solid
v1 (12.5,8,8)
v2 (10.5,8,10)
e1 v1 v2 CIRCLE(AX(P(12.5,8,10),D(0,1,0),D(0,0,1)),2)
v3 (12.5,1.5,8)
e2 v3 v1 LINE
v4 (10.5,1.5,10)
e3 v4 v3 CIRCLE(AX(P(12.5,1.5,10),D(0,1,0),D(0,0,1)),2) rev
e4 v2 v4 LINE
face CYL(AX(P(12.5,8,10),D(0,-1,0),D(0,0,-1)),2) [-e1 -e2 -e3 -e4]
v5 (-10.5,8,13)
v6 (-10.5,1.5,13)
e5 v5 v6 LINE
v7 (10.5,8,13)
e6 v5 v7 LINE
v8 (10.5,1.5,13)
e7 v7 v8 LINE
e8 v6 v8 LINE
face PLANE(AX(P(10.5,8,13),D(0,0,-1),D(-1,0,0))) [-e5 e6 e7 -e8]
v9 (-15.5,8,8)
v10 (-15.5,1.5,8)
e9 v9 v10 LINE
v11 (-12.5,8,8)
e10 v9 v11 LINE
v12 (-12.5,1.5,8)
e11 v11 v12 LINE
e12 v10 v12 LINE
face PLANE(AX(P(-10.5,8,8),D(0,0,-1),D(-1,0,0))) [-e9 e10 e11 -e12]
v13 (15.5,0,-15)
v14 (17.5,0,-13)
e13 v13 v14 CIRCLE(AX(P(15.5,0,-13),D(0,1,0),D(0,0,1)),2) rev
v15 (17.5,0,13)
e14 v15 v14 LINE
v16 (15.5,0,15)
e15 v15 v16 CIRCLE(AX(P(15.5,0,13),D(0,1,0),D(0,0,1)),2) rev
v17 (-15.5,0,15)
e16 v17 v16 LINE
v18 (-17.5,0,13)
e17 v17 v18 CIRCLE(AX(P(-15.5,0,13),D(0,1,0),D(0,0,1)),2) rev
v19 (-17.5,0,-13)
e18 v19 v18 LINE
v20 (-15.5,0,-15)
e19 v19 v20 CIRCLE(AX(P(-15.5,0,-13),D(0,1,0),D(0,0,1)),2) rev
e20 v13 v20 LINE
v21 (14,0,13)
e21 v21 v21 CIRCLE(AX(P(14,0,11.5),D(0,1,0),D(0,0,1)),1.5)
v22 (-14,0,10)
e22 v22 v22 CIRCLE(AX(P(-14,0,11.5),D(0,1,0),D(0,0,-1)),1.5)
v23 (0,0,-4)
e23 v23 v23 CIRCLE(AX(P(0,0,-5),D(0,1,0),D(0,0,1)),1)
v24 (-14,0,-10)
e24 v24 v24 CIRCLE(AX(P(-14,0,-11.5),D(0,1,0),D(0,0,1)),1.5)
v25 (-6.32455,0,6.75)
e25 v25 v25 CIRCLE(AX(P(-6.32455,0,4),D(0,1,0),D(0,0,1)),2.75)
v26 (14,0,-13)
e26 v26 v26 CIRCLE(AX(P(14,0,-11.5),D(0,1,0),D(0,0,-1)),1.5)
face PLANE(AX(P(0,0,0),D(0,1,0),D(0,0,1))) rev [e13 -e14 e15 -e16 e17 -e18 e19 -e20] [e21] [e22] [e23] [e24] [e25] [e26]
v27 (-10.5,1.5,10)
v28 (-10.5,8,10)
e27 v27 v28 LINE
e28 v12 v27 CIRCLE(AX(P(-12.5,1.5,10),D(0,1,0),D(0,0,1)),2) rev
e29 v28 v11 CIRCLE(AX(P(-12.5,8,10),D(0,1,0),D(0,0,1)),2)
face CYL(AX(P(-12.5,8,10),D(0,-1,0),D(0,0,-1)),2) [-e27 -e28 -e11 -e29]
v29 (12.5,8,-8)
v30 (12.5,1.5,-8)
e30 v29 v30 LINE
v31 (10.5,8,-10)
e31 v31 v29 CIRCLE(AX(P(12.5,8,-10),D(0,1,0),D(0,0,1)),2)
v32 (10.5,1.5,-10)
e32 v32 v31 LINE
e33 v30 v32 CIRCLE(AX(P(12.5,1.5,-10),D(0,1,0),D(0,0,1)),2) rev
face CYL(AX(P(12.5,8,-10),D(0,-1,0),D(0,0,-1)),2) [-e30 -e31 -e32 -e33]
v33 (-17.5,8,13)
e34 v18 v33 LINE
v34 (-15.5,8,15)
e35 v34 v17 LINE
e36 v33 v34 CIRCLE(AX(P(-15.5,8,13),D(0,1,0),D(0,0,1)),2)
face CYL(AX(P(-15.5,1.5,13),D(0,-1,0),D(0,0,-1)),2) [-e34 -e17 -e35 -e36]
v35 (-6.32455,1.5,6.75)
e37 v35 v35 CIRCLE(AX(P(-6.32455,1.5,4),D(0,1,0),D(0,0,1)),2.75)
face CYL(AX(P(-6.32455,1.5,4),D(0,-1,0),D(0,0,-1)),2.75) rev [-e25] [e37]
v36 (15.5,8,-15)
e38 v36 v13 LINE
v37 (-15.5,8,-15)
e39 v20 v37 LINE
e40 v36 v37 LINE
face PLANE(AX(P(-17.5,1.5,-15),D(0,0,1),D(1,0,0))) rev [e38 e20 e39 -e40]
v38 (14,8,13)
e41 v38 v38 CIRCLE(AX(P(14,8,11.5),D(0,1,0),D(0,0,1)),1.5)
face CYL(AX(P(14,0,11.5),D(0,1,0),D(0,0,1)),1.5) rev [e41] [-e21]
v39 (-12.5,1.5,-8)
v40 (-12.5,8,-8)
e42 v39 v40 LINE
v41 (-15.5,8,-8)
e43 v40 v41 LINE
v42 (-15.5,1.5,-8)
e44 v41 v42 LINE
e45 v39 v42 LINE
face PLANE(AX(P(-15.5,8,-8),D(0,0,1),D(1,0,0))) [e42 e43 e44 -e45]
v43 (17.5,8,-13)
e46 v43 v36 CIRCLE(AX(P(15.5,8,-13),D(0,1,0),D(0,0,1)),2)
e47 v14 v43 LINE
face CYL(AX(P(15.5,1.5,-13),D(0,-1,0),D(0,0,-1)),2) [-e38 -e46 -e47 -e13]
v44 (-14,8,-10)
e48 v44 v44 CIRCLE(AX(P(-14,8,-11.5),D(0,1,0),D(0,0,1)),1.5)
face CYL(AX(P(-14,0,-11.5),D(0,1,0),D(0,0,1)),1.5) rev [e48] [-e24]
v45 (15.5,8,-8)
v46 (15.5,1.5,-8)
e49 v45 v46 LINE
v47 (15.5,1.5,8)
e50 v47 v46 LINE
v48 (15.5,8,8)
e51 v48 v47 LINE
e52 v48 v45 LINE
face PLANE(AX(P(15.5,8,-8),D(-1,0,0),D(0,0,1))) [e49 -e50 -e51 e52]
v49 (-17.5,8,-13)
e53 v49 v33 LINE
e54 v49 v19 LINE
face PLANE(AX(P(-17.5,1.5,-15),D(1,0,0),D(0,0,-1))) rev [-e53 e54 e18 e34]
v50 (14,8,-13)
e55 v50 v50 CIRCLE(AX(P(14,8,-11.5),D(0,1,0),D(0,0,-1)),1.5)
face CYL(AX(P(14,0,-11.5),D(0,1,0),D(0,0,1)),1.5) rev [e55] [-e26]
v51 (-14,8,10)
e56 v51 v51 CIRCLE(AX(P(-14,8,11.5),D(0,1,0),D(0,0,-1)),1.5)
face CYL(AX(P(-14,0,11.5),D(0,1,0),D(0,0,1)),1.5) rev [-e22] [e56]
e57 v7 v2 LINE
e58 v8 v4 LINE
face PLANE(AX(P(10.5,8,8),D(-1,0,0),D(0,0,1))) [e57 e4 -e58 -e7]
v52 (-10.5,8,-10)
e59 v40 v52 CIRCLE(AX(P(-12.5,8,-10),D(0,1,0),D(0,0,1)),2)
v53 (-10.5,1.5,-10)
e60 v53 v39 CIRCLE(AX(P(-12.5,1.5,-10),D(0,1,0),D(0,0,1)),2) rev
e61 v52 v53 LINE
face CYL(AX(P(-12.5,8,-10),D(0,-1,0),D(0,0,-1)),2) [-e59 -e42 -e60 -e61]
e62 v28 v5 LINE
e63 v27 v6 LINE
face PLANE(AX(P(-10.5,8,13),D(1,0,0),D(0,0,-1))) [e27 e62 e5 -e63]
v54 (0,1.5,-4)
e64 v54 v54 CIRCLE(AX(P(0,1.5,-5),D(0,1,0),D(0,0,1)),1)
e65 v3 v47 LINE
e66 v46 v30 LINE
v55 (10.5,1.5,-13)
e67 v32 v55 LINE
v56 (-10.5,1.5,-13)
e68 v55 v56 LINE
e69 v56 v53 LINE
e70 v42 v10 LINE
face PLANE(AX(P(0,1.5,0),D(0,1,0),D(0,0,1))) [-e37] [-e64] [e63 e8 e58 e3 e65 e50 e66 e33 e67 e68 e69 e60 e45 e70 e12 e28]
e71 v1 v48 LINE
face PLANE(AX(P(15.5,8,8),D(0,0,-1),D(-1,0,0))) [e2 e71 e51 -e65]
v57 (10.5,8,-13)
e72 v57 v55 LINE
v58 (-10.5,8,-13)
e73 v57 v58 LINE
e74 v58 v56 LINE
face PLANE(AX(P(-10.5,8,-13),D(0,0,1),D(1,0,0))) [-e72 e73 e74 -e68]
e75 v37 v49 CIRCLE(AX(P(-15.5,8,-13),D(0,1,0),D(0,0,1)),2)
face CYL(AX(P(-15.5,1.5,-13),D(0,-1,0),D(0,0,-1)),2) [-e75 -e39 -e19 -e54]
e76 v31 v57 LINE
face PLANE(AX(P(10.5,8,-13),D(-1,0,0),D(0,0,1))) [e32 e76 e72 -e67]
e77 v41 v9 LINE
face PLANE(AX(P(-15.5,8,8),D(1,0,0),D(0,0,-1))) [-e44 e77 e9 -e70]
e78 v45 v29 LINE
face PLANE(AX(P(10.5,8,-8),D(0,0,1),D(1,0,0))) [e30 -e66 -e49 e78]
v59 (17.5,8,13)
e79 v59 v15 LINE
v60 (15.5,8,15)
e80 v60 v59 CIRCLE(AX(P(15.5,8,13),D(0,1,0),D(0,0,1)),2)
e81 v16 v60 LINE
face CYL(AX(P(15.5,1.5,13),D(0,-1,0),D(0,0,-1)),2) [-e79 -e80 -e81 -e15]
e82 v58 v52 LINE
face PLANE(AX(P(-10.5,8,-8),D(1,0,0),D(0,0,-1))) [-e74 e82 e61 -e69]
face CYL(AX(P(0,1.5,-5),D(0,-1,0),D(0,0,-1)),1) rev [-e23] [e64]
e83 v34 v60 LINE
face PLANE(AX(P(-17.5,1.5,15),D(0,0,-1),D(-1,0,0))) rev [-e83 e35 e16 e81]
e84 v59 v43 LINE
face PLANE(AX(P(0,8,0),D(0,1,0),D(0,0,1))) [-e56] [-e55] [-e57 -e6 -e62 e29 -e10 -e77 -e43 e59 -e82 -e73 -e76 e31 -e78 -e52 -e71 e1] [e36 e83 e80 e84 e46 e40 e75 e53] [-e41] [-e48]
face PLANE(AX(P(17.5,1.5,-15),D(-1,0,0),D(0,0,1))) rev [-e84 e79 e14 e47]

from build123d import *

# Parameters (mm, degrees)
SKETCH1_W           = 35
SKETCH1_H           = 30
SKETCH1_R           = 2.75
SKETCH1_R_2         = 1
BOSS_EXTRUDE1_DEPTH = 1.5
SKETCH2_W           = 35
SKETCH2_H           = 30
BOSS_EXTRUDE2_DEPTH = 6.5
SKETCH3_R           = 1.5
CUT_EXTRUDE1_DEPTH  = 9
FILLET1_R           = 2


with BuildPart() as part:
    # Sketch1 → Boss-Extrude1 (new body)
    with BuildSketch(Plane(origin=(0, 0, 0), x_dir=(1, 0, 0), z_dir=(0, 1, 0))):
        Rectangle(SKETCH1_W, SKETCH1_H)
        with Locations((-6.32455, -4)):
            Circle(SKETCH1_R, mode=Mode.SUBTRACT)
        with Locations((0, 5)):
            Circle(SKETCH1_R_2, mode=Mode.SUBTRACT)
    extrude(amount=BOSS_EXTRUDE1_DEPTH)

    # Sketch2 → Boss-Extrude2 (add)
    with BuildSketch(Plane(origin=(0, 1.5, 0), x_dir=(1, 0, 0), z_dir=(0, 1, 0))):
        Rectangle(SKETCH2_W, SKETCH2_H)
        Polygon((-10.5, 13), (10.5, 13), (10.5, 8), (15.5, 8), (15.5, -8), (10.5, -8), (10.5, -13), (-10.5, -13), (-10.5, -8), (-15.5, -8), (-15.5, 8), (-10.5, 8), align=None, mode=Mode.SUBTRACT)
    extrude(amount=BOSS_EXTRUDE2_DEPTH)

    # Sketch3 → Cut-Extrude1 (cut, through all)
    with BuildSketch(Plane(origin=(0, 8, 0), x_dir=(1, 0, 0), z_dir=(0, 1, 0))):
        with Locations((-14, 11.5)):
            Circle(SKETCH3_R)
        with Locations((-14, -11.5)):
            Circle(SKETCH3_R)
        with Locations((14, -11.5)):
            Circle(SKETCH3_R)
        with Locations((14, 11.5)):
            Circle(SKETCH3_R)
    extrude(amount=-CUT_EXTRUDE1_DEPTH, mode=Mode.SUBTRACT)

    # Fillet1
    fillet1_edges = [part.edges().sort_by_distance(p)[0] for p in [
        (-10.5, 4.75, -8),
        (-10.5, 4.75, 8),
        (10.5, 4.75, 8),
        (10.5, 4.75, -8),
        (17.5, 4, 15),
        (-17.5, 4, 15),
        (-17.5, 4, -15),
        (17.5, 4, -15),
    ]]
    fillet(fillet1_edges, radius=FILLET1_R)


solid = part.part
